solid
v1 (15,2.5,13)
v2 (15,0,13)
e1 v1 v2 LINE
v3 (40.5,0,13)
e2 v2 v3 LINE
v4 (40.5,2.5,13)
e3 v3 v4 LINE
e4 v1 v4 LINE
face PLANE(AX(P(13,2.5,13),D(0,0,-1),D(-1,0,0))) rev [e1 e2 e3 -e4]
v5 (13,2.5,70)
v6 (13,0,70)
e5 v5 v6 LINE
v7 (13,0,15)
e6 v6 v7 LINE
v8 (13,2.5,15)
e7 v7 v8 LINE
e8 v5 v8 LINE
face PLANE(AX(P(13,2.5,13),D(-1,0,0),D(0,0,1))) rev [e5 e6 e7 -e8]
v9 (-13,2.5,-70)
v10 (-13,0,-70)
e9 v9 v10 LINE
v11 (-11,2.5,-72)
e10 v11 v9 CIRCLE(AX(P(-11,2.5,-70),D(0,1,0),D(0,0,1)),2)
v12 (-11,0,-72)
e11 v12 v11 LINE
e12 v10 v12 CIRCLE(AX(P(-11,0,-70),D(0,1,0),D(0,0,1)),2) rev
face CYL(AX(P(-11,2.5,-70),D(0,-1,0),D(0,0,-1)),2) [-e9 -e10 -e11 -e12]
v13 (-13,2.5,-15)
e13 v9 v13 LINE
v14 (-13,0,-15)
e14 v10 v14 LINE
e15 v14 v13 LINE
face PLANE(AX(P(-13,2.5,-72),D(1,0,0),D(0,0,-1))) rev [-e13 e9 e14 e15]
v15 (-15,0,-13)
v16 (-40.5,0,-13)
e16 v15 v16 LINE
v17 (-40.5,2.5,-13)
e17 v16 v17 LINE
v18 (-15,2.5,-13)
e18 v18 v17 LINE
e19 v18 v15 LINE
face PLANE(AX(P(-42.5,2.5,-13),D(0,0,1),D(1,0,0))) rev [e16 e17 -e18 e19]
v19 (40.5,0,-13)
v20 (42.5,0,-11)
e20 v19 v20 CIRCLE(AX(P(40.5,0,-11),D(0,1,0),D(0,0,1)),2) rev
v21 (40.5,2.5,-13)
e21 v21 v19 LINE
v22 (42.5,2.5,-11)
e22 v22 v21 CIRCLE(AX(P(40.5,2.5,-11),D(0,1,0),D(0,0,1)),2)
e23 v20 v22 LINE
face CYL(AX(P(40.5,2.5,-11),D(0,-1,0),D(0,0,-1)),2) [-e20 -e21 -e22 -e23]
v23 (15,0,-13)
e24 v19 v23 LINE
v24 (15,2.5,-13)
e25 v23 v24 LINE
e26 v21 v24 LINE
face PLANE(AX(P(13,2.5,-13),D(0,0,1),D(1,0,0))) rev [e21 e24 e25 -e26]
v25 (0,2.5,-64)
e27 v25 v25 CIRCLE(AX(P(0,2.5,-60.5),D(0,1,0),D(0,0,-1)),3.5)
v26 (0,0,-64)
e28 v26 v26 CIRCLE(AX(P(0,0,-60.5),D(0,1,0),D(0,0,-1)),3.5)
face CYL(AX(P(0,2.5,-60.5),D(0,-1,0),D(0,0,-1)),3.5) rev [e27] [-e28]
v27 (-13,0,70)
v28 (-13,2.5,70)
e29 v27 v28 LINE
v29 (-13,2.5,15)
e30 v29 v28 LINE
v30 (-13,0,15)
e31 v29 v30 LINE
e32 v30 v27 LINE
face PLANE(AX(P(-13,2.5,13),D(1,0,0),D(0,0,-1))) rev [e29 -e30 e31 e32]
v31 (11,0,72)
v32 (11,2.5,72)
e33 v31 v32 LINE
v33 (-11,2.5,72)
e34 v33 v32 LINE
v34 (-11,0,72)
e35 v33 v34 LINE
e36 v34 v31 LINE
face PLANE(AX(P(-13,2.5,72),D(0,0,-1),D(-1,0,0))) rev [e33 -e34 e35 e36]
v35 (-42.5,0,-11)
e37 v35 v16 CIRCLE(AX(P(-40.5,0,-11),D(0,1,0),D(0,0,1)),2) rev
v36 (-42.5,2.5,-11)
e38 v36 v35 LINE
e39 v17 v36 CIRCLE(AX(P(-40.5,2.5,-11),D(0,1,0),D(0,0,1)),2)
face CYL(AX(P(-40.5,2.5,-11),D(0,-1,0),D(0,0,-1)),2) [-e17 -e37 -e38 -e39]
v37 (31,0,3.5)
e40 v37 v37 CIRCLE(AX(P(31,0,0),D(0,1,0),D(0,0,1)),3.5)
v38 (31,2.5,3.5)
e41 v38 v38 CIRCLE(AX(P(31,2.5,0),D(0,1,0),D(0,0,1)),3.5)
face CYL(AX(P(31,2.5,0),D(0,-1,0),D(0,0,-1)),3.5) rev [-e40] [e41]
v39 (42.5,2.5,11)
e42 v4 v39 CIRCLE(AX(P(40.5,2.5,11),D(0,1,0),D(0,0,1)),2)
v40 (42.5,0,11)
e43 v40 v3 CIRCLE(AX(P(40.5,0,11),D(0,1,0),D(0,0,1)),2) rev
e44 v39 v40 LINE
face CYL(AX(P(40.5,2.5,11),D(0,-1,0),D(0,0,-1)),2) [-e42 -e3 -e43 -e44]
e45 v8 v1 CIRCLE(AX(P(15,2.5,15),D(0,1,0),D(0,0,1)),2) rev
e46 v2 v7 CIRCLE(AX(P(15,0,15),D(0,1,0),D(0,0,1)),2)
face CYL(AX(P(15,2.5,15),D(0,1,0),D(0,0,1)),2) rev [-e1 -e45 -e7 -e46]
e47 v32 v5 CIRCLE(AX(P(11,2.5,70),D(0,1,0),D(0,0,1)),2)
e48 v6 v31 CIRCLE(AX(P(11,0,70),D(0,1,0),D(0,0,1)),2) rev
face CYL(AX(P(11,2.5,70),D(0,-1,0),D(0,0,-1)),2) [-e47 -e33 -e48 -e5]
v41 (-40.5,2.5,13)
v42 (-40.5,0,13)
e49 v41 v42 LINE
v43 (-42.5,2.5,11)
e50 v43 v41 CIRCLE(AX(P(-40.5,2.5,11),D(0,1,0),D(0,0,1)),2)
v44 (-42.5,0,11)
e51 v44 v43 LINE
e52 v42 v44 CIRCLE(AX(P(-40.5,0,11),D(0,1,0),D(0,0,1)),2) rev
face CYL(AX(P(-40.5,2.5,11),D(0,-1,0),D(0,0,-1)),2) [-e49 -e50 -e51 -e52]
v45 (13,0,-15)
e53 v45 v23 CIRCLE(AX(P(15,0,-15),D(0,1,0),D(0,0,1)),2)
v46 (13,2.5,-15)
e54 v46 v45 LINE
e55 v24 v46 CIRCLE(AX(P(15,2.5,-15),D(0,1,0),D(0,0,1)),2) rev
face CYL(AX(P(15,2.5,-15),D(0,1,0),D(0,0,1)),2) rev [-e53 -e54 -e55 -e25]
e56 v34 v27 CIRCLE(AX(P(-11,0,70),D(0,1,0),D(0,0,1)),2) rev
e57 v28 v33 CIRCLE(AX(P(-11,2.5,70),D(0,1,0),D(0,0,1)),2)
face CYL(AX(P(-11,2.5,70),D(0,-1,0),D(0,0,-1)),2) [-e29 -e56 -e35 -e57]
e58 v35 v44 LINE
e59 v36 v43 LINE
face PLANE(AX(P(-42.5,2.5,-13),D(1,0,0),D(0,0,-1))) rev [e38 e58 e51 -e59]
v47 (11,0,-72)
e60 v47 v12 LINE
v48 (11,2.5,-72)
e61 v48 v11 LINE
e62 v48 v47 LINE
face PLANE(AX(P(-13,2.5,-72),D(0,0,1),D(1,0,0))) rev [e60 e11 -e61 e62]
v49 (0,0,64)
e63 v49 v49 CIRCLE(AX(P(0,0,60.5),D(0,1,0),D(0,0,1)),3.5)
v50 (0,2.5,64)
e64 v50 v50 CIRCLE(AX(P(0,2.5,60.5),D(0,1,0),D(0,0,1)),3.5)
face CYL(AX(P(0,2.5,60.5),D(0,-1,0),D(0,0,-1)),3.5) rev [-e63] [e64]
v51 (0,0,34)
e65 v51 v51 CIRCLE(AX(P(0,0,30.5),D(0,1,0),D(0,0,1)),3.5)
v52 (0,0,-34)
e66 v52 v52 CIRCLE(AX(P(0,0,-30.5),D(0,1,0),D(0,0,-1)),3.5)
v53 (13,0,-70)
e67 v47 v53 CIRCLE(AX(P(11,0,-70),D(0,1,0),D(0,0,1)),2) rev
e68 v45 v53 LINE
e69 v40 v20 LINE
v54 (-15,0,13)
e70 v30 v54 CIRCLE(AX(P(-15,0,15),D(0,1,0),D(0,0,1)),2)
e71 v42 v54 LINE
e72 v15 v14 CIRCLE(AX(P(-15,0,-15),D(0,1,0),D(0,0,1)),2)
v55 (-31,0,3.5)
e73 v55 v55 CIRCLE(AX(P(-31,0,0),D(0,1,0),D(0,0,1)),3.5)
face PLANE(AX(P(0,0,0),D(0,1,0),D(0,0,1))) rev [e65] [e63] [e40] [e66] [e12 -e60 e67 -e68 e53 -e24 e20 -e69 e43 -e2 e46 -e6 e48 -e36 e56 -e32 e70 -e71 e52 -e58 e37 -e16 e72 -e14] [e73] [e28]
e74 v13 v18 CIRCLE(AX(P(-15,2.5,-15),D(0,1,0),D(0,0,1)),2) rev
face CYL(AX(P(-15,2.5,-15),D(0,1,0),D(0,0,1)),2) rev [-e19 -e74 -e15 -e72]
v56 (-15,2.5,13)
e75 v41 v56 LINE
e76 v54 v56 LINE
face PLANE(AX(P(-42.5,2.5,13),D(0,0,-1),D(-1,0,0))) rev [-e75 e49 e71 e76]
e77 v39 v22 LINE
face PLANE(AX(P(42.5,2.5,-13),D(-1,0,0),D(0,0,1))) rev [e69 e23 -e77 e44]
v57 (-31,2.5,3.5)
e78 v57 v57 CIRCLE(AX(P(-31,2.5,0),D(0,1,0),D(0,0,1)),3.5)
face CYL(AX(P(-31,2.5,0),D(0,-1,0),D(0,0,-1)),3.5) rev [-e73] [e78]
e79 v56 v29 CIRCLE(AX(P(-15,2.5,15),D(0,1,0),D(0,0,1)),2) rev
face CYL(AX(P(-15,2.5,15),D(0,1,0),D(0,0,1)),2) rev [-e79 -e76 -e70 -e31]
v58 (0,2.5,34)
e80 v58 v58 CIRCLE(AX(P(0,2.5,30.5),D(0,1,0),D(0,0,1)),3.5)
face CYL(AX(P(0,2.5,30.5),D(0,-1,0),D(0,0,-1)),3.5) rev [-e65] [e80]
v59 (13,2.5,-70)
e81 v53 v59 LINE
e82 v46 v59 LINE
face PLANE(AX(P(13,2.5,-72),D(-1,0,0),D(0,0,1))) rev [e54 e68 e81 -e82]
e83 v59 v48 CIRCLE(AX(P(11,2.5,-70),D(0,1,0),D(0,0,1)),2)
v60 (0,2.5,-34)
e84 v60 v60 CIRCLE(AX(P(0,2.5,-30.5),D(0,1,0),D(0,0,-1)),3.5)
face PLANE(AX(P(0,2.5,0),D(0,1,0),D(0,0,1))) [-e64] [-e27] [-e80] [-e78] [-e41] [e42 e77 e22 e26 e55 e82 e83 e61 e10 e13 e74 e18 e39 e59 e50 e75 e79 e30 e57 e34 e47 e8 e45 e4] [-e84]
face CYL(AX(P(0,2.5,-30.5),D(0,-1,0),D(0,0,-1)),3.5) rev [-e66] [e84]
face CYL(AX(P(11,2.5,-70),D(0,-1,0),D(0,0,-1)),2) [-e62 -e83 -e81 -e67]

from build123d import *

# Parameters (mm, degrees)
SKETCH_1_R      = 3.5
EXTRUDE_1_DEPTH = 2.5
FILLET_1_R      = 2


with BuildPart() as part:
    # 草图1 → 凸台-拉伸1 (new body)
    with BuildSketch(Plane(origin=(0, 0, 0), x_dir=(1, 0, 0), z_dir=(0, 1, 0))):
        Polygon((-13, 72), (13, 72), (13, 13), (42.5, 13), (42.5, -13), (13, -13), (13, -72), (-13, -72), (-13, -13), (-42.5, -13), (-42.5, 13), (-13, 13), align=None)
        with Locations((0, -60.5)):
            Circle(SKETCH_1_R, mode=Mode.SUBTRACT)
        with Locations((0, -30.5)):
            Circle(SKETCH_1_R, mode=Mode.SUBTRACT)
        with Locations((-31, 0)):
            Circle(SKETCH_1_R, mode=Mode.SUBTRACT)
        with Locations((31, 0)):
            Circle(SKETCH_1_R, mode=Mode.SUBTRACT)
        with Locations((0, 60.5)):
            Circle(SKETCH_1_R, mode=Mode.SUBTRACT)
        with Locations((0, 30.5)):
            Circle(SKETCH_1_R, mode=Mode.SUBTRACT)
    extrude(amount=EXTRUDE_1_DEPTH)

    # 圆角1
    fillet_1_edges = [part.edges().sort_by_distance(p)[0] for p in [
        (13, 1.25, 72),
        (-13, 1.25, 72),
        (-13, 1.25, 13),
        (-42.5, 1.25, 13),
        (-42.5, 1.25, -13),
        (-13, 1.25, -13),
        (-13, 1.25, -72),
        (13, 1.25, -72),
        (13, 1.25, -13),
        (42.5, 1.25, -13),
        (42.5, 1.25, 13),
        (13, 1.25, 13),
    ]]
    fillet(fillet_1_edges, radius=FILLET_1_R)


solid = part.part
